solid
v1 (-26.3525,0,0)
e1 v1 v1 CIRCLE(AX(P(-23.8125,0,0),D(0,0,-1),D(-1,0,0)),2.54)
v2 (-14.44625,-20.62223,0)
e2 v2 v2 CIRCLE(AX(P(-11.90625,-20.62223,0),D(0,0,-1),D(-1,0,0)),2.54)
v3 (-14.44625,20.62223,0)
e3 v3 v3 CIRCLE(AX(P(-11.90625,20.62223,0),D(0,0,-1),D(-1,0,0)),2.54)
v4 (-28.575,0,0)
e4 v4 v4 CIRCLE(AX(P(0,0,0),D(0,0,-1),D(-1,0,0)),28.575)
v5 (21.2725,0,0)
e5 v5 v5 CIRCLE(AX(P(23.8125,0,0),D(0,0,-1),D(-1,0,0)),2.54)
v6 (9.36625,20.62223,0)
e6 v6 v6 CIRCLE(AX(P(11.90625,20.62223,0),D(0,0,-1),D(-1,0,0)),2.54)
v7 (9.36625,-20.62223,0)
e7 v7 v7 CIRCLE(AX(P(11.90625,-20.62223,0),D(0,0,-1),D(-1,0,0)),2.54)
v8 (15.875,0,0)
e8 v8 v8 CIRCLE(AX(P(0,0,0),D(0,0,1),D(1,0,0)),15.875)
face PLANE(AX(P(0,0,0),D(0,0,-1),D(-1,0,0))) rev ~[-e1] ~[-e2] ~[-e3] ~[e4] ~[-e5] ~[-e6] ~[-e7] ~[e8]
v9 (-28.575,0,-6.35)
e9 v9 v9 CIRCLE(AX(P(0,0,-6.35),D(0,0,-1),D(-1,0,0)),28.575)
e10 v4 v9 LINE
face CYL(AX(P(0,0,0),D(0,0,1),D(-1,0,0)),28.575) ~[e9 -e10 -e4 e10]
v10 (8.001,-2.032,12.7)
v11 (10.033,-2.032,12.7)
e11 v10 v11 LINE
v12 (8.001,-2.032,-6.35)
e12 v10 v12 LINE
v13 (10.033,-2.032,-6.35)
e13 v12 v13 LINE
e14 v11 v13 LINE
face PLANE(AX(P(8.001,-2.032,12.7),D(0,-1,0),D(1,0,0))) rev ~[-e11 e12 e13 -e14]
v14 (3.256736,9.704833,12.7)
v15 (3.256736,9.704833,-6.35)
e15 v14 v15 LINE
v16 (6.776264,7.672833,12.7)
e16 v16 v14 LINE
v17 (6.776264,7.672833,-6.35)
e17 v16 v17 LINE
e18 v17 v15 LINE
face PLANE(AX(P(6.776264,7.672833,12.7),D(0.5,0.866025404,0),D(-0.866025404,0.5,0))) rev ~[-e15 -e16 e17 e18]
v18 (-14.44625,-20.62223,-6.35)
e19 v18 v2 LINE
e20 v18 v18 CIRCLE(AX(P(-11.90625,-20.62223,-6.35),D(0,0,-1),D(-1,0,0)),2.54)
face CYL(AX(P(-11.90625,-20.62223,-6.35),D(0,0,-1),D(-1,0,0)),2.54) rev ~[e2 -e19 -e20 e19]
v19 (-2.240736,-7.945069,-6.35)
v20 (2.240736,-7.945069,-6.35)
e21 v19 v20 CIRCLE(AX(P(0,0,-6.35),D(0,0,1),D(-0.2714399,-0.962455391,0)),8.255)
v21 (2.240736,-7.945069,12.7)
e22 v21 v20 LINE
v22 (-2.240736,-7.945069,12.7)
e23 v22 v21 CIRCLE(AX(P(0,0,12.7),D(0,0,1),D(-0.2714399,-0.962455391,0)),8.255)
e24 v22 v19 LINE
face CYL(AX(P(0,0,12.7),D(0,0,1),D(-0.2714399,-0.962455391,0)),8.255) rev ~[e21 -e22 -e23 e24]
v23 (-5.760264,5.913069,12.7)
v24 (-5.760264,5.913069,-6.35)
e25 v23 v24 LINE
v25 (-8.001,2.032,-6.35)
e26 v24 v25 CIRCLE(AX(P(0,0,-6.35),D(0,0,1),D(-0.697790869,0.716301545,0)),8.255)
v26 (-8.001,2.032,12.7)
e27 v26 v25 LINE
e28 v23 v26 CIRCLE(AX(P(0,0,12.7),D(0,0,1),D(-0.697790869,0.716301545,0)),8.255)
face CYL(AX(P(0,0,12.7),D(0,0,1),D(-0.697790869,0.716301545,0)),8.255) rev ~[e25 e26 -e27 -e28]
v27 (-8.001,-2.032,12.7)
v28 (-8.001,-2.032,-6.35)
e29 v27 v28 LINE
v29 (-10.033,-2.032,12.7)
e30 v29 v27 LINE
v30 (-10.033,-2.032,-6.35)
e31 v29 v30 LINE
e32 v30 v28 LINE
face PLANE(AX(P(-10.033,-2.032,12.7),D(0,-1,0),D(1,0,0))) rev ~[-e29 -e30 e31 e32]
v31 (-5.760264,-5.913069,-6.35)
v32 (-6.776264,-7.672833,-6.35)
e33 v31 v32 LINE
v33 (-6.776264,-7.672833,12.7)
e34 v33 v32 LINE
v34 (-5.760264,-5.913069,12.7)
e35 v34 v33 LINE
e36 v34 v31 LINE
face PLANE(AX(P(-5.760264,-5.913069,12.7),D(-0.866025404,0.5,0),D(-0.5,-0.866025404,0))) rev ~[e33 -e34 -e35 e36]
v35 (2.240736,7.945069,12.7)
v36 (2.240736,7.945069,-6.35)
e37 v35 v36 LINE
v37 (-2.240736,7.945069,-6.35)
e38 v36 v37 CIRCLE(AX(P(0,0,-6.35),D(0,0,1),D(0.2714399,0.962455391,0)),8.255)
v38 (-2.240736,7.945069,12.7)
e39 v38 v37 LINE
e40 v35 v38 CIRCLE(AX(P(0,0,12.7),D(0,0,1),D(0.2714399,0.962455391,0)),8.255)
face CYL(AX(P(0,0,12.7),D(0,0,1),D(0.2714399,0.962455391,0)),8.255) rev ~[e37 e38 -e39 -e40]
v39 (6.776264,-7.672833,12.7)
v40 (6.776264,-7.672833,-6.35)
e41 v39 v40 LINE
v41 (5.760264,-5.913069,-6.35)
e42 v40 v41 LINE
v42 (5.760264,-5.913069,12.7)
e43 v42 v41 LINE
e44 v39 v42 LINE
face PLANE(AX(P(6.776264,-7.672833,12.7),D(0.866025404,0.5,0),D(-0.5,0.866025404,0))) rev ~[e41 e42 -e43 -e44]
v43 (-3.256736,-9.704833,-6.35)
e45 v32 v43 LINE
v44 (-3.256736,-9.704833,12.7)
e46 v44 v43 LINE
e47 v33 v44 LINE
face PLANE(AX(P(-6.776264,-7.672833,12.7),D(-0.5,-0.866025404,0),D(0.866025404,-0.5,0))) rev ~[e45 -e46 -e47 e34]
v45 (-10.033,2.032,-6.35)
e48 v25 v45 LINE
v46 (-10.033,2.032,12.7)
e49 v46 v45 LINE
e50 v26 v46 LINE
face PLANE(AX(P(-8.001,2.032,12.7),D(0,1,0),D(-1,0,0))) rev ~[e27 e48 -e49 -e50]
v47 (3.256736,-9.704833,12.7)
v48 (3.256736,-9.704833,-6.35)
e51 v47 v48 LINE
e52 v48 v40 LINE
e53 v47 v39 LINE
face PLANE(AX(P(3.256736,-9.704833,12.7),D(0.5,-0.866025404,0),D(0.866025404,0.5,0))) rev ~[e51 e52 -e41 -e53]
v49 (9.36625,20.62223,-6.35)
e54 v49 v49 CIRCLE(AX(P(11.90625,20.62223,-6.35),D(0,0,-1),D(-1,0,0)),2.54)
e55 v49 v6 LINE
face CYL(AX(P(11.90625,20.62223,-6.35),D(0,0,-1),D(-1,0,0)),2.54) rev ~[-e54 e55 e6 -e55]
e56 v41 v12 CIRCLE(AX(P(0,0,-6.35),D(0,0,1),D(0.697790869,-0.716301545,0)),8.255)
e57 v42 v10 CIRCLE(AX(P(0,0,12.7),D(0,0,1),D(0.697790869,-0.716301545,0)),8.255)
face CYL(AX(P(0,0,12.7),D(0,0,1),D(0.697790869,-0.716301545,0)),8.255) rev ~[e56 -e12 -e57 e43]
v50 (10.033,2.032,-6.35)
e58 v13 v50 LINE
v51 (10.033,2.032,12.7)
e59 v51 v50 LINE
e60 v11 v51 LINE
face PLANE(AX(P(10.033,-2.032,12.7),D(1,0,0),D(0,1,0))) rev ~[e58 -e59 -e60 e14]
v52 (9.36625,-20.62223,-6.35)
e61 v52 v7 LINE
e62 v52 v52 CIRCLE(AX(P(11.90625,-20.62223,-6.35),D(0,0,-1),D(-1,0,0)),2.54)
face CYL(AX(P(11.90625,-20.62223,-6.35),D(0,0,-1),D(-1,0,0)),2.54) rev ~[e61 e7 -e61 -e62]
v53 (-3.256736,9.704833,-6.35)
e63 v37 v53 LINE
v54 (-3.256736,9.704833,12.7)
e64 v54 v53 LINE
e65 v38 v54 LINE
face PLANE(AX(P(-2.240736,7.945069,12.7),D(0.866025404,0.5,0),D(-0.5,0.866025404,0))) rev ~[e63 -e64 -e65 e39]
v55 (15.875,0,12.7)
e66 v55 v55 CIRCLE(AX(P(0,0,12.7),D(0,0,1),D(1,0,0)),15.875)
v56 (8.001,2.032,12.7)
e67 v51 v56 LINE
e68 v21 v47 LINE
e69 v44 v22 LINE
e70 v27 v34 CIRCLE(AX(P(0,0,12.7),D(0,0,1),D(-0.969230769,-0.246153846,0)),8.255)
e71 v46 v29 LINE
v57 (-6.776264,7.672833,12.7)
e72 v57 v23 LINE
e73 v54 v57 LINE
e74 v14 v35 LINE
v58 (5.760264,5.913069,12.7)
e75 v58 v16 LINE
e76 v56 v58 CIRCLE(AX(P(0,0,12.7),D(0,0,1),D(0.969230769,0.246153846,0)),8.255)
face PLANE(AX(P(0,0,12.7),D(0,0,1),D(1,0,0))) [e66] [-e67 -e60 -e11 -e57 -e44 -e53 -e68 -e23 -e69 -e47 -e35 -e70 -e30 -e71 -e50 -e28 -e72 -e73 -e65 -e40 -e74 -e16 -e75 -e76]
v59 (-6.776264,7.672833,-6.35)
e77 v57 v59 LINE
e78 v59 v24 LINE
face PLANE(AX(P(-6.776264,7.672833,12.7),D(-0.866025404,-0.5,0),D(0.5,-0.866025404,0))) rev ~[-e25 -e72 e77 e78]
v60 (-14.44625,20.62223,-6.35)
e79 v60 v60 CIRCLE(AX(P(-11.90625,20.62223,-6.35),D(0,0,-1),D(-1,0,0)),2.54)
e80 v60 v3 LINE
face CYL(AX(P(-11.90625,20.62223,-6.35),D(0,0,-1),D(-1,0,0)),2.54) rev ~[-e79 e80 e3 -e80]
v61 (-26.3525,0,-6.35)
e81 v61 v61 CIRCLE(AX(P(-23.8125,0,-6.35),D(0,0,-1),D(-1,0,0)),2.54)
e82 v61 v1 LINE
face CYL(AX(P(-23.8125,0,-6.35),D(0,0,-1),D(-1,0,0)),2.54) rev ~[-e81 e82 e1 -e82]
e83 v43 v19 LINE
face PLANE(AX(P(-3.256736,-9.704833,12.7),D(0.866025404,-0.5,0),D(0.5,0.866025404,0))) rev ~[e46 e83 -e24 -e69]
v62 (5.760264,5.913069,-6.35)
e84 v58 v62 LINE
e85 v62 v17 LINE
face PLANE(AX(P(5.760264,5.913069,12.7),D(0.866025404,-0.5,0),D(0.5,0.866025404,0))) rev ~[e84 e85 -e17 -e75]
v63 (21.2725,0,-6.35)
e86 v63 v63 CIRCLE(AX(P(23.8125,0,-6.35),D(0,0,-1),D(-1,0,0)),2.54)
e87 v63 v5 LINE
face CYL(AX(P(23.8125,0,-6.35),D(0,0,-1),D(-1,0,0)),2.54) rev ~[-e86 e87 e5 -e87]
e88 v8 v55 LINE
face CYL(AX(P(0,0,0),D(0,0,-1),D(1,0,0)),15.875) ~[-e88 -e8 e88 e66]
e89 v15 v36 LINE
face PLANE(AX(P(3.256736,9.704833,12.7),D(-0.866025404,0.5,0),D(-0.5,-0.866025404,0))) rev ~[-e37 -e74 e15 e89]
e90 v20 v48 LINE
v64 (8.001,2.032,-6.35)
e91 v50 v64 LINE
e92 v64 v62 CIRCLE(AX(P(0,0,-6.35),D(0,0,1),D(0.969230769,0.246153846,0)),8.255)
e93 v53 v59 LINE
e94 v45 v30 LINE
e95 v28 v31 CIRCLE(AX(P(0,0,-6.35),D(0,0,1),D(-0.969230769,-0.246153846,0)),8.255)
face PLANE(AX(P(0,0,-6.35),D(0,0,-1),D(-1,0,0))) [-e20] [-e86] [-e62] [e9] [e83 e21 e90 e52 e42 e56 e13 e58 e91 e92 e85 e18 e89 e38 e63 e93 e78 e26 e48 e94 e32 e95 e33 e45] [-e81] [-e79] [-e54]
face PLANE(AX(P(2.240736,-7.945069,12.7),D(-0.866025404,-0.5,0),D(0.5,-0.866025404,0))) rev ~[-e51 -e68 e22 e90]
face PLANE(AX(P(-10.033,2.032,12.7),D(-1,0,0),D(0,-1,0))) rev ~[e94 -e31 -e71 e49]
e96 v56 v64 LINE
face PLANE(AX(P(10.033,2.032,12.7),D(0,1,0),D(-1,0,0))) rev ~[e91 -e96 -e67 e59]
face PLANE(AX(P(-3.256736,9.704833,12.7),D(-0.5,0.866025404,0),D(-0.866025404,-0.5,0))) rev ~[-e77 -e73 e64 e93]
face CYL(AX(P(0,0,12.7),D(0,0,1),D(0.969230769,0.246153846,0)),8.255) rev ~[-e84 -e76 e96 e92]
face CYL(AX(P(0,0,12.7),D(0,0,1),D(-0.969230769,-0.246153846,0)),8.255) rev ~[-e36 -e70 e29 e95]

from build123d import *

# Parameters (mm, degrees)
SKETCH1_R           = 15.875
BOSS_EXTRUDE1_DEPTH = 12.7
SKETCH4_R           = 28.575
BOSS_EXTRUDE3_DEPTH = 6.35
CUT_EXTRUDE2_DEPTH  = 19.05
SKETCH6_R           = 2.54
CUT_EXTRUDE3_DEPTH  = 6.35


with BuildPart() as part:
    # Sketch1 → Boss-Extrude1 (new body)
    with BuildSketch(Plane.XY):
        Circle(SKETCH1_R)
    extrude(amount=BOSS_EXTRUDE1_DEPTH)

    # Sketch4 → Boss-Extrude3 (add)
    with BuildSketch(Plane(origin=(0, 0, 0), x_dir=(-1, 0, 0), z_dir=(0, 0, -1))):
        Circle(SKETCH4_R)
    extrude(amount=BOSS_EXTRUDE3_DEPTH)

    # Sketch5 → Cut-Extrude2 (cut)
    with BuildSketch(Plane.XY.offset(12.7)):
        with BuildLine():
            Line((6.77626362, -7.672832876), (5.76026362, -5.913069256))
            ThreePointArc((5.76026362, -5.913069256), (7.149039708, -4.1275), (8.001, -2.032))
            Line((8.001, -2.032), (10.033, -2.032))
            Line((10.033, -2.032), (10.033, 2.032))
            Line((10.033, 2.032), (8.001, 2.032))
            ThreePointArc((8.001, 2.032), (7.149039708, 4.1275), (5.76026362, 5.913069256))
            Line((5.76026362, 5.913069256), (6.77626362, 7.672832876))
            Line((6.77626362, 7.672832876), (3.25673638, 9.704832876))
            Line((3.25673638, 9.704832876), (2.24073638, 7.945069256))
            ThreePointArc((2.24073638, 7.945069256), (0, 8.255), (-2.24073638, 7.945069256))
            Line((-2.24073638, 7.945069256), (-3.25673638, 9.704832876))
            Line((-3.25673638, 9.704832876), (-6.77626362, 7.672832876))
            Line((-6.77626362, 7.672832876), (-5.76026362, 5.913069256))
            ThreePointArc((-5.76026362, 5.913069256), (-7.149039708, 4.1275), (-8.001, 2.032))
            Line((-8.001, 2.032), (-10.033, 2.032))
            Line((-10.033, 2.032), (-10.033, -2.032))
            Line((-10.033, -2.032), (-8.001, -2.032))
            ThreePointArc((-8.001, -2.032), (-7.149039708, -4.1275), (-5.76026362, -5.913069256))
            Line((-5.76026362, -5.913069256), (-6.77626362, -7.672832876))
            Line((-6.77626362, -7.672832876), (-3.25673638, -9.704832876))
            Line((-3.25673638, -9.704832876), (-2.24073638, -7.945069256))
            ThreePointArc((-2.24073638, -7.945069256), (0, -8.255), (2.24073638, -7.945069256))
            Line((2.24073638, -7.945069256), (3.25673638, -9.704832876))
            Line((3.25673638, -9.704832876), (6.77626362, -7.672832876))
        make_face()
    extrude(amount=-CUT_EXTRUDE2_DEPTH, mode=Mode.SUBTRACT)

    # Sketch6 → Cut-Extrude3 (cut)
    with BuildSketch(Plane(origin=(0, 0, -6.35), x_dir=(-1, 0, 0), z_dir=(0, 0, -1))):
        with Locations((-23.8125, 0)):
            Circle(SKETCH6_R)
        with Locations((-11.90625, 20.622229928)):
            Circle(SKETCH6_R)
        with Locations((11.90625, 20.622229928)):
            Circle(SKETCH6_R)
        with Locations((23.8125, 0)):
            Circle(SKETCH6_R)
        with Locations((11.90625, -20.622229928)):
            Circle(SKETCH6_R)
        with Locations((-11.90625, -20.622229928)):
            Circle(SKETCH6_R)
    extrude(amount=-CUT_EXTRUDE3_DEPTH, mode=Mode.SUBTRACT)


solid = part.part
